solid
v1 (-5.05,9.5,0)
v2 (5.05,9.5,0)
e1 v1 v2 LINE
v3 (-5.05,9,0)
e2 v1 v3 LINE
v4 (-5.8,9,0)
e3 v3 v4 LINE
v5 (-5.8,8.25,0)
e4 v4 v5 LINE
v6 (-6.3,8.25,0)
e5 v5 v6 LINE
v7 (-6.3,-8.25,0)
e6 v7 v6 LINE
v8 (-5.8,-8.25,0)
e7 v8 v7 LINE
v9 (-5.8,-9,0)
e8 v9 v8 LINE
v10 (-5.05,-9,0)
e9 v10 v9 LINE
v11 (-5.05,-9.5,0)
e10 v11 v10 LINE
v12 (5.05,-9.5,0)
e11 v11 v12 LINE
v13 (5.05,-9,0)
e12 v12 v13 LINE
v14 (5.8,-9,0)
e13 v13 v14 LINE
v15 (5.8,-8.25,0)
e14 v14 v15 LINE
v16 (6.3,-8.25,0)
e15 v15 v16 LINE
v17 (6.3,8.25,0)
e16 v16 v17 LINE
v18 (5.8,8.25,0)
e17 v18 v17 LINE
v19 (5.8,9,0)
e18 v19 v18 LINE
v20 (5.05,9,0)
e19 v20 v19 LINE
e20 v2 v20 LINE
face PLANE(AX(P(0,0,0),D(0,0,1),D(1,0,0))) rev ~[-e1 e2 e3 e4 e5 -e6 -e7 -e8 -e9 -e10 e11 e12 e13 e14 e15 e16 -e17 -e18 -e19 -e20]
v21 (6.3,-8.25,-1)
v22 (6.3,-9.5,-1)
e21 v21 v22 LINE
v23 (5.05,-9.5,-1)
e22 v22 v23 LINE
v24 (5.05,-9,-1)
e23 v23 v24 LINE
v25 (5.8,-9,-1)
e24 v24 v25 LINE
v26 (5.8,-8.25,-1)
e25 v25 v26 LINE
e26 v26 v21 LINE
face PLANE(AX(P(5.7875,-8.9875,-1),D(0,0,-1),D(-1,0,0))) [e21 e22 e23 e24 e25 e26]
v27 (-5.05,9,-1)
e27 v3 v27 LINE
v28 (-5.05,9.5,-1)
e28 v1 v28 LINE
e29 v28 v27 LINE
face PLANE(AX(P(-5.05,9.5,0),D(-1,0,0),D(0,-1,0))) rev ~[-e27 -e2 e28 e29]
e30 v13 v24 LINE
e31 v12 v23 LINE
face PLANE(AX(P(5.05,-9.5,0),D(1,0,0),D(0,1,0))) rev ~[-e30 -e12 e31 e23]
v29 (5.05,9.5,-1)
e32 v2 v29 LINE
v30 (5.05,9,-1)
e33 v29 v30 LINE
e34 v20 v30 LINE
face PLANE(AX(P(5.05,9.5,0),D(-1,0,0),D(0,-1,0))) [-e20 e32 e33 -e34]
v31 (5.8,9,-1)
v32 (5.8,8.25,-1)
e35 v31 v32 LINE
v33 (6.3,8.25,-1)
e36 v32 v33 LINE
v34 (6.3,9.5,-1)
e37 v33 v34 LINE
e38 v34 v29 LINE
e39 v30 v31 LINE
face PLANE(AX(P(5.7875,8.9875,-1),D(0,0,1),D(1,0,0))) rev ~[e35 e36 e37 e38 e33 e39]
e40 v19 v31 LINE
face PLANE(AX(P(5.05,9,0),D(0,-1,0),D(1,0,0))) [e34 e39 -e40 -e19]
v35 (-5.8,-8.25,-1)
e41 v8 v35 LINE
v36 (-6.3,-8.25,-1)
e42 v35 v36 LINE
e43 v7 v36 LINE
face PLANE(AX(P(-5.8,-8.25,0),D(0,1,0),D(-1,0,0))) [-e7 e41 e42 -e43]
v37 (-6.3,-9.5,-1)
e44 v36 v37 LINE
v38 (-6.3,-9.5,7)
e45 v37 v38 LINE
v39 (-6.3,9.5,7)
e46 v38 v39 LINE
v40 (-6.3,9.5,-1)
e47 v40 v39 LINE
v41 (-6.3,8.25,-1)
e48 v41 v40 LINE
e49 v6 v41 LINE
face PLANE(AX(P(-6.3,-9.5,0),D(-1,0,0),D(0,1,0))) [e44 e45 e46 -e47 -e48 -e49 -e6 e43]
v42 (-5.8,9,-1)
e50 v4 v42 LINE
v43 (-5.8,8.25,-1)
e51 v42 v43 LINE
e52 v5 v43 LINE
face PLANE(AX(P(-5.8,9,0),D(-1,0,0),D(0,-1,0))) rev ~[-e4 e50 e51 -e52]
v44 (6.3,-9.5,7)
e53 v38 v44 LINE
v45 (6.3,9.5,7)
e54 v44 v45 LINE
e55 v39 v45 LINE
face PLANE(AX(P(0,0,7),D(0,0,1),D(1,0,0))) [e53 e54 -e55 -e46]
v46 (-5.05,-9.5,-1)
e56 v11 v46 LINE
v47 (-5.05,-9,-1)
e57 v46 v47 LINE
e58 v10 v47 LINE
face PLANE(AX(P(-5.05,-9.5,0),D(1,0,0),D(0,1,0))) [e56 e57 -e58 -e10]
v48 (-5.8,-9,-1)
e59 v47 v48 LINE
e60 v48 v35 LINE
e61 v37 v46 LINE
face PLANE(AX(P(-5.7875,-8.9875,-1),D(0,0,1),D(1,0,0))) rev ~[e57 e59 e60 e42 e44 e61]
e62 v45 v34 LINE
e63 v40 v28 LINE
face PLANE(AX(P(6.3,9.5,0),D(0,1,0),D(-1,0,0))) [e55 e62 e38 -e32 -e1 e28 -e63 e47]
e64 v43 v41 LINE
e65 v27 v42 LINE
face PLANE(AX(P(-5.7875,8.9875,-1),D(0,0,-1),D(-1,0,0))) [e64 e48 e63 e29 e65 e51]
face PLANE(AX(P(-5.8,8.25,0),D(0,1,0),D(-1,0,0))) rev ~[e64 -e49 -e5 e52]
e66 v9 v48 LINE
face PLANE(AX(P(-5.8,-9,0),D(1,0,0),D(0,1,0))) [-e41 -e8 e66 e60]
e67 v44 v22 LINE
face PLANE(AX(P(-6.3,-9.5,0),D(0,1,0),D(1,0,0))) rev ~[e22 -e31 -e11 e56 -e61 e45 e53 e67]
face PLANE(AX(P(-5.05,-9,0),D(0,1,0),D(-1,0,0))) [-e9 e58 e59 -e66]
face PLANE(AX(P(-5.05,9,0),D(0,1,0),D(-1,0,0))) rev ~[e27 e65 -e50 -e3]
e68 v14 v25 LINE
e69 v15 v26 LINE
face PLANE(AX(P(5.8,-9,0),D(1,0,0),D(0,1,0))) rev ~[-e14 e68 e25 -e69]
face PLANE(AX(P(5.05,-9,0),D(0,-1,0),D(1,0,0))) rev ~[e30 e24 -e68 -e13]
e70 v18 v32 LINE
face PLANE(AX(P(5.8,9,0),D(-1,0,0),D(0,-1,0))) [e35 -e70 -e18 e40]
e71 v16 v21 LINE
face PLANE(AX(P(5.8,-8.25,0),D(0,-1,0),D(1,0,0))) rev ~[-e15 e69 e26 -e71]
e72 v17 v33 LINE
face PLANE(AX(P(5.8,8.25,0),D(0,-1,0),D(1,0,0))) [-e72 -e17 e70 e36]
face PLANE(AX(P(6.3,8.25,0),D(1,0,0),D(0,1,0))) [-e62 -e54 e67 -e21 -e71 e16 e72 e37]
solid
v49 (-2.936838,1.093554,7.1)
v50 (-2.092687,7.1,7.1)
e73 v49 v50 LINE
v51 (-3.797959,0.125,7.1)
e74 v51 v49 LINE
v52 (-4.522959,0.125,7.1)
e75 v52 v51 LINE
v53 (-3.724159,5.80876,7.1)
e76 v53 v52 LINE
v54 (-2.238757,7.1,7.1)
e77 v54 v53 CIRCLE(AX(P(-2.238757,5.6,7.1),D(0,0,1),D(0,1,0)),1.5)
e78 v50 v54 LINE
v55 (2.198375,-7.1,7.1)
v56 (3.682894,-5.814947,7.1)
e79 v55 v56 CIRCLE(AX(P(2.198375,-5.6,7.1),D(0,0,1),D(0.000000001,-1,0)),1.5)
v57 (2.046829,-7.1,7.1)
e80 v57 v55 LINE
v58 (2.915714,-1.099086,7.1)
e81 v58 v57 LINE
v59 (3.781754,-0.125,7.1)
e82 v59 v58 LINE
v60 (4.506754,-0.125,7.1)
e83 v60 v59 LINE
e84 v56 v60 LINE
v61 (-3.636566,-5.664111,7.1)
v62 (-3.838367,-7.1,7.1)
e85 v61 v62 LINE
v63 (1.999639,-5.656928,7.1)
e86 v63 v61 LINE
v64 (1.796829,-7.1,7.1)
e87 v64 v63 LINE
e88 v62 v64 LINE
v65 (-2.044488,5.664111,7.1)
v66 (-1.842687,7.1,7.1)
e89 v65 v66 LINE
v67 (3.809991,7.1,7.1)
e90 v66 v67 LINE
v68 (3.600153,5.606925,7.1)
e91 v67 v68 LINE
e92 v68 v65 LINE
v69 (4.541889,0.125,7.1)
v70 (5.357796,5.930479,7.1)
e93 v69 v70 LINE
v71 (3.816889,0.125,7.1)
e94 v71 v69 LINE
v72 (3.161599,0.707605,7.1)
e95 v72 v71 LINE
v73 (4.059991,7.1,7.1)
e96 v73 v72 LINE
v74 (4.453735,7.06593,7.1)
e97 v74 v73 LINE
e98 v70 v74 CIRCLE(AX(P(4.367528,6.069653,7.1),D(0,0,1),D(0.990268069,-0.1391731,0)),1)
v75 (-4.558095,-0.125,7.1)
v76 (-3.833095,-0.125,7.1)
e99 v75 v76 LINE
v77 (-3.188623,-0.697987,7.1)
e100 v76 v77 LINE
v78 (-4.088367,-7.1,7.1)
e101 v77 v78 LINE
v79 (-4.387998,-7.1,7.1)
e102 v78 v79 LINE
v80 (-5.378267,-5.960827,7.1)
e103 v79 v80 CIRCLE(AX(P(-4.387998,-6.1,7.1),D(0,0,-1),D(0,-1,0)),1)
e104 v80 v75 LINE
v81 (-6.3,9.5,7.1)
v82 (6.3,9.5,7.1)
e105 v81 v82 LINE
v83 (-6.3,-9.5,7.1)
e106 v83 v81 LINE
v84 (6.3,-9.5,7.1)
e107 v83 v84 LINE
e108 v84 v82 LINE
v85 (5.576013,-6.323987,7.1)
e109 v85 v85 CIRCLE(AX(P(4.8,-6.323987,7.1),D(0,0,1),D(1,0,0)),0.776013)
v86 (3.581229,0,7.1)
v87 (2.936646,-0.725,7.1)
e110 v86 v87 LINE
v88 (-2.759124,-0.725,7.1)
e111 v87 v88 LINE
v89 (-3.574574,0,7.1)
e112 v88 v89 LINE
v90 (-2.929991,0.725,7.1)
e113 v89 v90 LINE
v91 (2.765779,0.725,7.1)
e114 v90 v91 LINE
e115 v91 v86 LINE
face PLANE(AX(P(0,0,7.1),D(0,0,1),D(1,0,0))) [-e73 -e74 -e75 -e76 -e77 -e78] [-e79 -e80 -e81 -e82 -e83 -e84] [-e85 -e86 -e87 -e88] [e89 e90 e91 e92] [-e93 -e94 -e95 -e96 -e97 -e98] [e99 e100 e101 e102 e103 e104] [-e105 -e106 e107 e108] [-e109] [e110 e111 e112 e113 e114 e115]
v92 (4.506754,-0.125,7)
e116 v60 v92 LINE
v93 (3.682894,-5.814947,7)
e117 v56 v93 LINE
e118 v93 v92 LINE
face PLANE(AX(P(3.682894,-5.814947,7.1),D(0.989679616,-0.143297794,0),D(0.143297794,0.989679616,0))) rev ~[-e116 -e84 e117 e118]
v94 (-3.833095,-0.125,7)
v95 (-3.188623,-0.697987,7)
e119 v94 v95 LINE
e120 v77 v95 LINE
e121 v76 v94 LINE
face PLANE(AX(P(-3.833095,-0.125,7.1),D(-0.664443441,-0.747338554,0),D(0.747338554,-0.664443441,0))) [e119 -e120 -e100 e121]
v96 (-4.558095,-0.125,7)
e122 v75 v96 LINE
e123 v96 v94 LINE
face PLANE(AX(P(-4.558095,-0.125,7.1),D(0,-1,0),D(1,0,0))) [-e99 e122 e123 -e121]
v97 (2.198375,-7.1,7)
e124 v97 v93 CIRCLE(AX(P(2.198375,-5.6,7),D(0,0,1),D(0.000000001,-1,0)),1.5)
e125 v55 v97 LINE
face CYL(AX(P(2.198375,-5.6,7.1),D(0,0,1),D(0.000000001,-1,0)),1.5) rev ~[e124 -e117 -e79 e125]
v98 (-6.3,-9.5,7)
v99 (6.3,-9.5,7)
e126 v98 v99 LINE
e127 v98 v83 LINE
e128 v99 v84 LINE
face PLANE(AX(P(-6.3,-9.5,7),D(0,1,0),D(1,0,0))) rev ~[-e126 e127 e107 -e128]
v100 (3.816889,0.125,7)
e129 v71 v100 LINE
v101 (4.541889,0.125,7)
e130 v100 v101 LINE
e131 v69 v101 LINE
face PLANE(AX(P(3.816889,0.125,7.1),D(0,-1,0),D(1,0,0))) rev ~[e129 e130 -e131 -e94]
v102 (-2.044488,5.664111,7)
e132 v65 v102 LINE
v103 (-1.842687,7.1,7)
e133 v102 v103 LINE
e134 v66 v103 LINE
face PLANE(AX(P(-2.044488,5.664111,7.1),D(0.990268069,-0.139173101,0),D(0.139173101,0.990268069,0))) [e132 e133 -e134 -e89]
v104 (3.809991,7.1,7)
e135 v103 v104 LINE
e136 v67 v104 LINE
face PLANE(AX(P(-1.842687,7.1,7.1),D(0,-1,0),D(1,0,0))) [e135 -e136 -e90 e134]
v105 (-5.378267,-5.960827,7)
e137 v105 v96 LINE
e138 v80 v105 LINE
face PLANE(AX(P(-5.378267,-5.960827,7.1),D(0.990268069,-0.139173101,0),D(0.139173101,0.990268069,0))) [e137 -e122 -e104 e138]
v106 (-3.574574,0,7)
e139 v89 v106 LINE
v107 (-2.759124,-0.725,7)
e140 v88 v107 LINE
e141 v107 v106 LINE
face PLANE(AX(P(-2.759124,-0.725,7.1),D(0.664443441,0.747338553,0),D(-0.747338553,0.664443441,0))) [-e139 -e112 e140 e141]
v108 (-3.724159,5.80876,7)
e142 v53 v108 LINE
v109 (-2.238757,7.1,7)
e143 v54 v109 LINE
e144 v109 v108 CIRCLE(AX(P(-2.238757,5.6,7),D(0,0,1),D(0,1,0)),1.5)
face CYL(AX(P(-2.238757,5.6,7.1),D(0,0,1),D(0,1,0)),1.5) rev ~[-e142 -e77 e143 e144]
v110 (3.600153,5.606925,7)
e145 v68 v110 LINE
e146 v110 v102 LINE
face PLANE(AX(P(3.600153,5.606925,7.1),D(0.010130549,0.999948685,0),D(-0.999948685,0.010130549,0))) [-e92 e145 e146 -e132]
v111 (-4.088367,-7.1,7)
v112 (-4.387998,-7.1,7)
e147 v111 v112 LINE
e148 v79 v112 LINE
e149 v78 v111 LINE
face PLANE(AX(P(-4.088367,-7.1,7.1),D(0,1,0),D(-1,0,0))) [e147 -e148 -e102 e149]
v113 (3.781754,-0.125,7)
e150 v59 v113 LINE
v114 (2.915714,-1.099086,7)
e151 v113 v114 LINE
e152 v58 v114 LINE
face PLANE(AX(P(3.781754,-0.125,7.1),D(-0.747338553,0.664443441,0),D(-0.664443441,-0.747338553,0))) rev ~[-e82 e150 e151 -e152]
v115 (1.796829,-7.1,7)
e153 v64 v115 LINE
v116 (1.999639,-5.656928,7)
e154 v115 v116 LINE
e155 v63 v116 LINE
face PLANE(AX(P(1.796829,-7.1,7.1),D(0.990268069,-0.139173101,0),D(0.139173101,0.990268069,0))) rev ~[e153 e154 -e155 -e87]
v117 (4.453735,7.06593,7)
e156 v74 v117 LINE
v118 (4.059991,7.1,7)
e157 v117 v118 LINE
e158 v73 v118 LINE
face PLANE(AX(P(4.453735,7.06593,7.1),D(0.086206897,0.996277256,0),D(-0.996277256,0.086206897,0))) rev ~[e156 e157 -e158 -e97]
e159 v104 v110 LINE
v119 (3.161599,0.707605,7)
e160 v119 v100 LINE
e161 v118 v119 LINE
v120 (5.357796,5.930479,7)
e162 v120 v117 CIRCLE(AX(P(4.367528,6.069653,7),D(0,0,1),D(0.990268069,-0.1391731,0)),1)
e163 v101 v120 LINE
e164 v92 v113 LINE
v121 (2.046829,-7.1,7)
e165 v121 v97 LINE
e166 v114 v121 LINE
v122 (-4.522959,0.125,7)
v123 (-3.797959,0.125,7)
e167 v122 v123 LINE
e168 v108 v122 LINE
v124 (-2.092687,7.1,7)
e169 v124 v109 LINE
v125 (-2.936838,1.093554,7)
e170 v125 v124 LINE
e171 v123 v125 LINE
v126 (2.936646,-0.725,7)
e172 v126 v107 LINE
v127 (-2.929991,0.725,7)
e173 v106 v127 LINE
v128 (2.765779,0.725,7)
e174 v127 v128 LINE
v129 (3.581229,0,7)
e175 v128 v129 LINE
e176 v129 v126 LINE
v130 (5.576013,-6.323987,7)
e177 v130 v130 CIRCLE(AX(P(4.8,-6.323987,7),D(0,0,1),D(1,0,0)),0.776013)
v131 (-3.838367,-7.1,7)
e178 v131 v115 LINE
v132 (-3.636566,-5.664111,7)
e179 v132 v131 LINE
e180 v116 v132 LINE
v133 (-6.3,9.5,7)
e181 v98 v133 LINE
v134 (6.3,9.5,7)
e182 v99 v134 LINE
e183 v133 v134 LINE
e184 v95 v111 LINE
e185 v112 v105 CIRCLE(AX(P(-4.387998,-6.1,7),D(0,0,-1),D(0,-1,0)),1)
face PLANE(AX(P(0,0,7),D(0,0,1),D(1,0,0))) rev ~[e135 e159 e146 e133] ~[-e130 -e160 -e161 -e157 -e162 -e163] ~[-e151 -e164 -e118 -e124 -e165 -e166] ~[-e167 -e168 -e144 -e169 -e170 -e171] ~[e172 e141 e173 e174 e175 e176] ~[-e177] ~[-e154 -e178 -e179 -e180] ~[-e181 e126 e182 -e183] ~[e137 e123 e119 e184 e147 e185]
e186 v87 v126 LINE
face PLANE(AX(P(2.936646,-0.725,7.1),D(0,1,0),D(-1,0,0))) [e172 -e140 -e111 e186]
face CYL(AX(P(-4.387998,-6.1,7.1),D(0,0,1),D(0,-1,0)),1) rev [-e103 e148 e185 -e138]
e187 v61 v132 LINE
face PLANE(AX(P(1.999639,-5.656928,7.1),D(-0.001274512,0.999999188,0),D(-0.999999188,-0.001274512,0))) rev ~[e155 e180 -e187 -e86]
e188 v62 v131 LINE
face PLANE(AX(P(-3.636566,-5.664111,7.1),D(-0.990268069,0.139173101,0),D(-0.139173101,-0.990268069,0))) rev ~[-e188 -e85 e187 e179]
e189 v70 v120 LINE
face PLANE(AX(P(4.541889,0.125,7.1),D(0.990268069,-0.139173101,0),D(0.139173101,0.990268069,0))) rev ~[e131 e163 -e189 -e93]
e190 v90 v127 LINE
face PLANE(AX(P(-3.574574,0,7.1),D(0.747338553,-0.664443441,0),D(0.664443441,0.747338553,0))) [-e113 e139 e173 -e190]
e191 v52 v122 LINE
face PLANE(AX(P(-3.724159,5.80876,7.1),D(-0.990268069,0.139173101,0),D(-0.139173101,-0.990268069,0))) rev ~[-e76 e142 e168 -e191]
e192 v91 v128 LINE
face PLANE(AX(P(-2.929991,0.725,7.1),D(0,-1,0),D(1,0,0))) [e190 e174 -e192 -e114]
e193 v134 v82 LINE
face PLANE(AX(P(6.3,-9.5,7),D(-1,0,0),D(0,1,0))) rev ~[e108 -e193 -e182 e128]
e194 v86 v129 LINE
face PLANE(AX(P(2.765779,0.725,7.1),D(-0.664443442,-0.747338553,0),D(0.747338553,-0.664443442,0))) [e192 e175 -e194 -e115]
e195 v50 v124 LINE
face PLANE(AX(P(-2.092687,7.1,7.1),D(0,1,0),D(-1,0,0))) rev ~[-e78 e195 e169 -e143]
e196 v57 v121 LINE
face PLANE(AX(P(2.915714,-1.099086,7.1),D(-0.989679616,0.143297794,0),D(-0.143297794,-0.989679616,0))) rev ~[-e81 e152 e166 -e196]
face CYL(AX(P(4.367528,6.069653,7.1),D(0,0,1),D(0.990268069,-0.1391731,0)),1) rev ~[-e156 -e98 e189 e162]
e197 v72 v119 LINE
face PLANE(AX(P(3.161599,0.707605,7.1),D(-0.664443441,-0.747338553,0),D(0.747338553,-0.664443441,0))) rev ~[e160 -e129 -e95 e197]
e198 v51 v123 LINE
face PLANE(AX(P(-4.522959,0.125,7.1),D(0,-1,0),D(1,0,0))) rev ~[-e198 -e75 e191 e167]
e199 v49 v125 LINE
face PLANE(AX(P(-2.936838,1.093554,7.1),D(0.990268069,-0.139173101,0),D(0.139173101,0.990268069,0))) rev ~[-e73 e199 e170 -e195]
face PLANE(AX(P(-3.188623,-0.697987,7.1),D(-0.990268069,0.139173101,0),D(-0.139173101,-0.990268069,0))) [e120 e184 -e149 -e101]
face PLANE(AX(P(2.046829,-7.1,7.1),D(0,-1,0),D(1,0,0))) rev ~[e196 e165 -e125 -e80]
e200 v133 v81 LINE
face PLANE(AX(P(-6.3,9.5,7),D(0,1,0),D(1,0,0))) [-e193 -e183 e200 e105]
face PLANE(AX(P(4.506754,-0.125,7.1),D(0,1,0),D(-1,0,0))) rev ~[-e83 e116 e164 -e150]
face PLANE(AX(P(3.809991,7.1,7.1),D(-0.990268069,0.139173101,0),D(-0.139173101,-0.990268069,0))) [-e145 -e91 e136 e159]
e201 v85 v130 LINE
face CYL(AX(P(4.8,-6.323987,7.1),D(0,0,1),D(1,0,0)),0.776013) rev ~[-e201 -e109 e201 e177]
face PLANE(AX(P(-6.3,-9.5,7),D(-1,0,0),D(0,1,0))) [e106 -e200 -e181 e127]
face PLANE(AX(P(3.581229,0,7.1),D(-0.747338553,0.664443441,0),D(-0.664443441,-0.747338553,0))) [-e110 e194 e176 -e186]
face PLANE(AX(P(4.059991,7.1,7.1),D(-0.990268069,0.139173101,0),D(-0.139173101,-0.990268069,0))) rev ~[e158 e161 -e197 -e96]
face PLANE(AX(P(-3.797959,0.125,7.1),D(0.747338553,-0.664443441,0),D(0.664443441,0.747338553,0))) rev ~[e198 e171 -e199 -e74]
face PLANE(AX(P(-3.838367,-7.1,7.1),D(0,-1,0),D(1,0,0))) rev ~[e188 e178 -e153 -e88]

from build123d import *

# Parameters (mm, degrees)
SKETCH1_W           = 12.6
SKETCH1_H           = 19
BOSS_EXTRUDE1_DEPTH = 7
BOSS_EXTRUDE2_DEPTH = 1
SKETCH3_W           = 12.6
SKETCH3_H           = 19
BOSS_EXTRUDE3_DEPTH = 0.1
SKETCH4_R           = 0.776012873
CUT_EXTRUDE1_DEPTH  = 0.1


with BuildPart() as part:
    # Sketch1 → Boss-Extrude1 (new body)
    with BuildSketch(Plane.XY):
        Rectangle(SKETCH1_W, SKETCH1_H)
    extrude(amount=BOSS_EXTRUDE1_DEPTH)

    # Sketch2 → Boss-Extrude2 (add)
    with BuildSketch(Plane(origin=(0, 0, 0), x_dir=(-1, 0, 0), z_dir=(0, 0, -1))):
        Polygon((-6.3, 9.5), (-5.05, 9.5), (-5.05, 9), (-5.8, 9), (-5.8, 8.25), (-6.3, 8.25), align=None)
        Polygon((5.05, 9.5), (5.05, 9), (5.8, 9), (5.8, 8.25), (6.3, 8.25), (6.3, 9.5), align=None)
        Polygon((6.3, -8.25), (6.3, -9.5), (5.05, -9.5), (5.05, -9), (5.8, -9), (5.8, -8.25), align=None)
        Polygon((-5.05, -9.5), (-5.05, -9), (-5.8, -9), (-5.8, -8.25), (-6.3, -8.25), (-6.3, -9.5), align=None)
    extrude(amount=BOSS_EXTRUDE2_DEPTH)


with BuildPart() as body_2:
    # Sketch3 → Boss-Extrude3 (new body)
    with BuildSketch(Plane.XY.offset(7)):
        Rectangle(SKETCH3_W, SKETCH3_H)
    extrude(amount=BOSS_EXTRUDE3_DEPTH)

    # Sketch4 → Cut-Extrude1 (cut)
    with BuildSketch(Plane.XY.offset(7.1)):
        with Locations((4.8, -6.323987127)):
            Circle(SKETCH4_R)
        Polygon((-1.842687024, 7.1), (3.809991471, 7.1), (3.600153471, 5.606925049), (-2.04448802, 5.6641113), align=None)
        with BuildLine():
            Line((-3.72415902, 5.808759651), (-4.522959346, 0.125))
            Line((-4.522959346, 0.125), (-3.797959346, 0.125))
            Line((-3.797959346, 0.125), (-2.936837994, 1.093553748))
            Line((-2.936837994, 1.093553748), (-2.092687024, 7.1))
            Line((-2.092687024, 7.1), (-2.238756917, 7.1))
            ThreePointArc((-2.238756917, 7.1), (-3.222845461, 6.73206437), (-3.72415902, 5.808759651))
        make_face()
        with BuildLine():
            Line((-5.378266538, -5.960826899), (-4.558094555, -0.125))
            Line((-4.558094555, -0.125), (-3.833094555, -0.125))
            Line((-3.833094555, -0.125), (-3.188622604, -0.697986846))
            Line((-3.188622604, -0.697986846), (-4.088366877, -7.1))
            Line((-4.088366877, -7.1), (-4.38799847, -7.1))
            ThreePointArc((-4.38799847, -7.1), (-5.14270805, -6.756059029), (-5.378266538, -5.960826899))
        make_face()
        with BuildLine():
            Line((4.453734529, 7.065929798), (4.059991471, 7.1))
            Line((4.059991471, 7.1), (3.161598917, 0.707604826))
            Line((3.161598917, 0.707604826), (3.816888774, 0.125))
            Line((3.816888774, 0.125), (4.541888774, 0.125))
            Line((4.541888774, 0.125), (5.357795701, 5.930479441))
            ThreePointArc((5.357795701, 5.930479441), (5.149839249, 6.692539798), (4.453734529, 7.065929798))
        make_face()
        with BuildLine():
            Line((2.04682864, -7.1), (2.198374788, -7.1))
            ThreePointArc((2.198374788, -7.1), (3.180102847, -6.734111995), (3.682894212, -5.814946691))
            Line((3.682894212, -5.814946691), (4.506753566, -0.125))
            Line((4.506753566, -0.125), (3.781753566, -0.125))
            Line((3.781753566, -0.125), (2.915713605, -1.099085996))
            Line((2.915713605, -1.099085996), (2.04682864, -7.1))
        make_face()
        Polygon((-2.929991192, 0.725), (2.765778795, 0.725), (3.581228865, 0), (2.936646175, -0.725), (-2.759123811, -0.725), (-3.574573882, 0), align=None)
        Polygon((-3.838366877, -7.1), (1.79682864, -7.1), (1.9996392, -5.656927882), (-3.63656588, -5.6641113), align=None)
    extrude(amount=-CUT_EXTRUDE1_DEPTH, mode=Mode.SUBTRACT)


solid = Compound([part.part, body_2.part])
